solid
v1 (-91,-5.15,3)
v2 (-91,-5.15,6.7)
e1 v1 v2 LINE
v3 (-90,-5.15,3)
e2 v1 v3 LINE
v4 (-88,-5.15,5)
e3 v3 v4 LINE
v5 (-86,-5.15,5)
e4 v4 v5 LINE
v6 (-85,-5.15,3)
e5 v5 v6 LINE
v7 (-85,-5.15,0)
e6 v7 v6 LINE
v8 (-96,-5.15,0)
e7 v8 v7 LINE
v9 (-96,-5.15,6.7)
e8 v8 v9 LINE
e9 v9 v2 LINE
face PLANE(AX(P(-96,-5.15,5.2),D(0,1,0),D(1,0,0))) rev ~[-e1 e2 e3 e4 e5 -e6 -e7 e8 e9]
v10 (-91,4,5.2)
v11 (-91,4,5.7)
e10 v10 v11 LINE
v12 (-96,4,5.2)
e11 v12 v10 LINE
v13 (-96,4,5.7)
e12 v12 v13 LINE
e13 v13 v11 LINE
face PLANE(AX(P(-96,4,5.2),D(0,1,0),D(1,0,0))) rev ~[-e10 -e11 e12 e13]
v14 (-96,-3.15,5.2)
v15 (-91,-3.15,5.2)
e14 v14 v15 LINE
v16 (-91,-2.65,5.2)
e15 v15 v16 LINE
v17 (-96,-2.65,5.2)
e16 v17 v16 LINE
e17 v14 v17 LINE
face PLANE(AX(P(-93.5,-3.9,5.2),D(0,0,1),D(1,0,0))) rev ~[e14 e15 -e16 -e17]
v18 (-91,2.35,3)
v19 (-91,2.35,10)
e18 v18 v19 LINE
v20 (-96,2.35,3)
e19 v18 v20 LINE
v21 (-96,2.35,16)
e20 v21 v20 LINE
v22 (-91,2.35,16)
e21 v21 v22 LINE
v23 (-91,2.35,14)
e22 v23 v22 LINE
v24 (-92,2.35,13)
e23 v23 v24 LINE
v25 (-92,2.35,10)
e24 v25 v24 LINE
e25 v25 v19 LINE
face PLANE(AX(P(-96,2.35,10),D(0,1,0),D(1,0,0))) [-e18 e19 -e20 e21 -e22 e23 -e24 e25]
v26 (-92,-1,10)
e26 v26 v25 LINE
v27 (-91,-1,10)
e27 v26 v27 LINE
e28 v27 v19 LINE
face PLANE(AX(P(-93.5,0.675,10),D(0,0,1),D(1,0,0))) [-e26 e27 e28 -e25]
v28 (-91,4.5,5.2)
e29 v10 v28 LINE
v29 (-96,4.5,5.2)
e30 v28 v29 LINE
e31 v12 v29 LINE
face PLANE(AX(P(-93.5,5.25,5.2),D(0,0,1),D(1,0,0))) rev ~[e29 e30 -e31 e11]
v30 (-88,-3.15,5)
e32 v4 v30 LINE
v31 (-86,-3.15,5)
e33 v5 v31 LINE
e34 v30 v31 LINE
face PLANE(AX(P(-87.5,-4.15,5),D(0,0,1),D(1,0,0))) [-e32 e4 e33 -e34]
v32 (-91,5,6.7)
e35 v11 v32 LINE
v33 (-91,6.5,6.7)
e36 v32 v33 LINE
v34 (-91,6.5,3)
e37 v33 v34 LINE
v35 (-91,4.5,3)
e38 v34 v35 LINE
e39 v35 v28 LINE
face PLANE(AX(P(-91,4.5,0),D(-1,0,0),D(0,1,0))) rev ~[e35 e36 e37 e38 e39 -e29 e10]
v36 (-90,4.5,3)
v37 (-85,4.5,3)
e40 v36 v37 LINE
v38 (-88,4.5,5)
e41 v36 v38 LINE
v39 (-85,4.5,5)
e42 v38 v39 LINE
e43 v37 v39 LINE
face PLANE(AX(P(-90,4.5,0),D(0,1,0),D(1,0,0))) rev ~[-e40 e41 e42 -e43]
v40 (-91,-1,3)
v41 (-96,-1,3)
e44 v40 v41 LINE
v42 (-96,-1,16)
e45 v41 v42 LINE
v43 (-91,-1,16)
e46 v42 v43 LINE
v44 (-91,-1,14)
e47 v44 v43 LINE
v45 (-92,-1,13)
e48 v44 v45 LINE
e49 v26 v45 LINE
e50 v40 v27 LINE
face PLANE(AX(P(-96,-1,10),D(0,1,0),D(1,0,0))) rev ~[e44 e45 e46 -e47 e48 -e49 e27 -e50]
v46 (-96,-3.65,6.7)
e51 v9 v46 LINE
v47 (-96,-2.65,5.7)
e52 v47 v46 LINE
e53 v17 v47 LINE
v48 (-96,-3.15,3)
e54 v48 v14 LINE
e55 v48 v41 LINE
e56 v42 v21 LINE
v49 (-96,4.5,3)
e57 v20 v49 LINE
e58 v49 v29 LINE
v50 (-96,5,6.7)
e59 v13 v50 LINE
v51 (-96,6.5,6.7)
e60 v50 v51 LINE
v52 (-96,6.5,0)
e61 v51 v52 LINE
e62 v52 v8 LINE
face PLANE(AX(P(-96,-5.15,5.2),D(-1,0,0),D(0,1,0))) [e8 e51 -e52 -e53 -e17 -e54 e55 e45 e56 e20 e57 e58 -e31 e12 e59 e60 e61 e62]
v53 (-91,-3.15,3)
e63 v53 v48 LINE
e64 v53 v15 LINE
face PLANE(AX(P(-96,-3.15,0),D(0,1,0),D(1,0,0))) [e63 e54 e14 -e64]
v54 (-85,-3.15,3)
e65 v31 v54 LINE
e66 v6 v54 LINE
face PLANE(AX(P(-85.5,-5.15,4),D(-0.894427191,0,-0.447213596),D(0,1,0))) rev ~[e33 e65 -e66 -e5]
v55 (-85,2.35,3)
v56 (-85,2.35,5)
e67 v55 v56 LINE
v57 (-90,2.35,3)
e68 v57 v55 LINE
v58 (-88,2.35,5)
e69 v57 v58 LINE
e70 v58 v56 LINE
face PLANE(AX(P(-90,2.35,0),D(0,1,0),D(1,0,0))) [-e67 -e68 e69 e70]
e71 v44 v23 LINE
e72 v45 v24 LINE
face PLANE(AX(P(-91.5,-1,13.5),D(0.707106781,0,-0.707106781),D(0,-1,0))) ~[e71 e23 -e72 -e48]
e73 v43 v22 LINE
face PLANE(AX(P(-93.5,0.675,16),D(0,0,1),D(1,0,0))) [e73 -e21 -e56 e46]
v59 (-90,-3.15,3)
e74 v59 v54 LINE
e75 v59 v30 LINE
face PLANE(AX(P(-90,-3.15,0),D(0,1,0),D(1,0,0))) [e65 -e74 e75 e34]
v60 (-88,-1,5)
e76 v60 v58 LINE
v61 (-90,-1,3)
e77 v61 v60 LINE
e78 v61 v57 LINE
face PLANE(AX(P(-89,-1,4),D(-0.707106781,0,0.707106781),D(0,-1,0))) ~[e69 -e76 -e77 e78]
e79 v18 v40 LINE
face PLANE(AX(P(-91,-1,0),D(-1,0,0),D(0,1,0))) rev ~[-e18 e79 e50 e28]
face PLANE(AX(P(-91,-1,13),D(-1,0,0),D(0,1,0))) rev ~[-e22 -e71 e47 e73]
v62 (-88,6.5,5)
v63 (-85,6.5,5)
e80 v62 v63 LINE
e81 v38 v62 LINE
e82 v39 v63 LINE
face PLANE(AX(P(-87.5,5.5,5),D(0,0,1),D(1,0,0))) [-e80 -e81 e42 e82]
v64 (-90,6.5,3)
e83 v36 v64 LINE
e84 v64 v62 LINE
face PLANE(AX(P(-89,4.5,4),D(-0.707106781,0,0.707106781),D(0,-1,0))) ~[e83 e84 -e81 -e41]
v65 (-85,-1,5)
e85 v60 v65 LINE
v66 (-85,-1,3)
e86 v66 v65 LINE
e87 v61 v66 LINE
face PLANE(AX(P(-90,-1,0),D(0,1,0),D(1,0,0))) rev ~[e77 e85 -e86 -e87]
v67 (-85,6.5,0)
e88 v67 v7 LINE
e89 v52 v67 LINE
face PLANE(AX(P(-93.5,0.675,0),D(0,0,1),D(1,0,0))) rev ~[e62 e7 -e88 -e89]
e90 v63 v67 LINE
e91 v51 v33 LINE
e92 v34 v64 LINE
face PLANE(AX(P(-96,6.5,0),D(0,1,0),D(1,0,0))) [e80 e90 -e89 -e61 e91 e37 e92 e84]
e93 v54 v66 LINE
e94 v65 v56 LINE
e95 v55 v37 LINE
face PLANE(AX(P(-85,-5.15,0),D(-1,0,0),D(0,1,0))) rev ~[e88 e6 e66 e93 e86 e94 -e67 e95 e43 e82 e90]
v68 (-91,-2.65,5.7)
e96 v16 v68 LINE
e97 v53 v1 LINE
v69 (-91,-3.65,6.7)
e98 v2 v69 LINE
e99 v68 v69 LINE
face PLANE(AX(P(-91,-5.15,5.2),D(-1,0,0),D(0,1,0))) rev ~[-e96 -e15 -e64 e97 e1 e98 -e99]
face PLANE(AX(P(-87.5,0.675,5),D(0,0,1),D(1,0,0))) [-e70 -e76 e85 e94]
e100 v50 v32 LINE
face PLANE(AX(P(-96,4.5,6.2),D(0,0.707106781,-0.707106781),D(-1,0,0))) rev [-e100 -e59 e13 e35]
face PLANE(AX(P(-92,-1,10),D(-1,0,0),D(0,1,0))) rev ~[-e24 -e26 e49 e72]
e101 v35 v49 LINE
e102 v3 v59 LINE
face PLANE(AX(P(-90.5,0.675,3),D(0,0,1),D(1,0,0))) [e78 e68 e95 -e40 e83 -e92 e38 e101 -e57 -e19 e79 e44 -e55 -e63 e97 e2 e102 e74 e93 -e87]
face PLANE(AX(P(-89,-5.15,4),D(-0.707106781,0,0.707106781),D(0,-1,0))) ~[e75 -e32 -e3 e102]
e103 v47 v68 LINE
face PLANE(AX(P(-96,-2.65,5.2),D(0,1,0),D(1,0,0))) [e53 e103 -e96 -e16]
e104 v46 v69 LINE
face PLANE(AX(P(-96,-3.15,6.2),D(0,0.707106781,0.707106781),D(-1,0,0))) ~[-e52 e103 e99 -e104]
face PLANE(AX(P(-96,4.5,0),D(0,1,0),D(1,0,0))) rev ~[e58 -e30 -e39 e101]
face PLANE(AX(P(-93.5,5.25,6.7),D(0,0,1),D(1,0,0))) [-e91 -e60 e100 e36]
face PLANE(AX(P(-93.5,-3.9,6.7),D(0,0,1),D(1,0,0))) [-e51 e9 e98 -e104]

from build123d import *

# Parameters (mm, degrees)
BOX035_W         = 5
BOX035_H         = 2
BOX035_DEPTH     = 5
CHAMFER008_SIZE  = 2
BOX036_W         = 5
BOX036_H         = 3.35
BOX036_DEPTH     = 5
CHAMFER009_SIZE  = 2
BOX030_W         = 5
BOX030_H         = 2.5
BOX030_DEPTH     = 1.5
CHAMFER006_SIZE  = 1
BOX026_W         = 11
BOX026_H         = 11.65
BOX026_DEPTH     = 3
BOX028_W         = 5
BOX028_H         = 2
BOX028_DEPTH     = 6
BOX033_W         = 5
BOX033_H         = 3.35
BOX033_DEPTH     = 3
CHAMFER005_SIZE  = 1
BOX027_W         = 5
BOX027_H         = 2
BOX027_DEPTH     = 6
BOX025_W         = 5
BOX025_H         = 3.35
BOX025_DEPTH     = 10
BOX032_W         = 4
BOX032_H         = 3.35
BOX032_DEPTH     = 3
BOX031_W         = 5
BOX031_H         = 2.5
BOX031_DEPTH     = 1.5
CHAMFER007_SIZE  = 1
BOX034_W         = 5
BOX034_H         = 2
BOX034_DEPTH     = 5
CHAMFER010_SIZE  = 2
CHAMFER011_SIZE2 = 2
CHAMFER011_SIZE  = 1


with BuildPart() as chamfer008:
    # Box035 → Box035 (new body)
    with BuildSketch(Plane(origin=(-90, 4.5, 0), x_dir=(1, 0, 0), z_dir=(0, 0, 1))):
        with Locations((2.5, 1)):
            Rectangle(BOX035_W, BOX035_H)
    extrude(amount=BOX035_DEPTH)

    # Chamfer008
    chamfer008_edges = [chamfer008.edges().sort_by_distance(p)[0] for p in [
        (-90, 5.5, 5),
    ]]
    chamfer(chamfer008_edges, length=CHAMFER008_SIZE)


with BuildPart() as chamfer009:
    # Box036 → Box036 (new body)
    with BuildSketch(Plane(origin=(-90, -1, 0), x_dir=(1, 0, 0), z_dir=(0, 0, 1))):
        with Locations((2.5, 1.675)):
            Rectangle(BOX036_W, BOX036_H)
    extrude(amount=BOX036_DEPTH)

    # Chamfer009
    chamfer009_edges = [chamfer009.edges().sort_by_distance(p)[0] for p in [
        (-90, 0.675, 5),
    ]]
    chamfer(chamfer009_edges, length=CHAMFER009_SIZE)


with BuildPart() as chamfer006:
    # Box030 → Box030 (new body)
    with BuildSketch(Plane(origin=(-96, 4, 5.2), x_dir=(1, 0, 0), z_dir=(0, 0, 1))):
        with Locations((2.5, 1.25)):
            Rectangle(BOX030_W, BOX030_H)
    extrude(amount=BOX030_DEPTH)

    # Chamfer006
    chamfer006_edges = [chamfer006.edges().sort_by_distance(p)[0] for p in [
        (-93.5, 4, 6.7),
    ]]
    chamfer(chamfer006_edges, length=CHAMFER006_SIZE)


with BuildPart() as cube024:
    # Box026 → Box026 (new body)
    with BuildSketch(Plane(origin=(-96, -5.15, 0), x_dir=(1, 0, 0), z_dir=(0, 0, 1))):
        with Locations((5.5, 5.825)):
            Rectangle(BOX026_W, BOX026_H)
    extrude(amount=BOX026_DEPTH)


with BuildPart() as cube026:
    # Box028 → Box028 (new body)
    with BuildSketch(Plane(origin=(-96, 4.5, 0), x_dir=(1, 0, 0), z_dir=(0, 0, 1))):
        with Locations((2.5, 1)):
            Rectangle(BOX028_W, BOX028_H)
    extrude(amount=BOX028_DEPTH)


with BuildPart() as chamfer005:
    # Box033 → Box033 (new body)
    with BuildSketch(Plane(origin=(-96, 0, 13), x_dir=(1, 0, 0), z_dir=(0, 0, 1))):
        with Locations((2.5, 1.675)):
            Rectangle(BOX033_W, BOX033_H)
    extrude(amount=BOX033_DEPTH)

    # Chamfer005
    chamfer005_edges = [chamfer005.edges().sort_by_distance(p)[0] for p in [
        (-91, 1.675, 13),
    ]]
    chamfer(chamfer005_edges, length=CHAMFER005_SIZE)


with BuildPart() as chamfer005_1:
    # Chamfer005 placement: moved
    add(chamfer005.part.moved(Location((0, -1, 0))))


with BuildPart() as cube025:
    # Box027 → Box027 (new body)
    with BuildSketch(Plane(origin=(-96, -5.15, 0), x_dir=(1, 0, 0), z_dir=(0, 0, 1))):
        with Locations((2.5, 1)):
            Rectangle(BOX027_W, BOX027_H)
    extrude(amount=BOX027_DEPTH)


with BuildPart() as cube023:
    # Box025 → Box025 (new body)
    with BuildSketch(Plane(origin=(-96, -1, 0), x_dir=(1, 0, 0), z_dir=(0, 0, 1))):
        with Locations((2.5, 1.675)):
            Rectangle(BOX025_W, BOX025_H)
    extrude(amount=BOX025_DEPTH)


with BuildPart() as cube030:
    # Box032 → Box032 (new body)
    with BuildSketch(Plane(origin=(-96, -1, 10), x_dir=(1, 0, 0), z_dir=(0, 0, 1))):
        with Locations((2, 1.675)):
            Rectangle(BOX032_W, BOX032_H)
    extrude(amount=BOX032_DEPTH)


with BuildPart() as chamfer007:
    # Box031 → Box031 (new body)
    with BuildSketch(Plane(origin=(-96, -5.15, 5.2), x_dir=(1, 0, 0), z_dir=(0, 0, 1))):
        with Locations((2.5, 1.25)):
            Rectangle(BOX031_W, BOX031_H)
    extrude(amount=BOX031_DEPTH)

    # Chamfer007
    chamfer007_edges = [chamfer007.edges().sort_by_distance(p)[0] for p in [
        (-93.5, -2.65, 6.7),
    ]]
    chamfer(chamfer007_edges, length=CHAMFER007_SIZE)


with BuildPart() as fusion010004008:
    # Box034 → Box034 (new body)
    with BuildSketch(Plane(origin=(-90, -5.15, 0), x_dir=(1, 0, 0), z_dir=(0, 0, 1))):
        with Locations((2.5, 1)):
            Rectangle(BOX034_W, BOX034_H)
    extrude(amount=BOX034_DEPTH)

    # Chamfer010
    chamfer010_edges = [fusion010004008.edges().sort_by_distance(p)[0] for p in [
        (-90, -4.15, 5),
    ]]
    chamfer(chamfer010_edges, length=CHAMFER010_SIZE)

    # Chamfer011
    chamfer011_edges = [fusion010004008.edges().sort_by_distance(p)[0] for p in [
        (-85, -4.15, 5),
    ]]
    chamfer011_side = fusion010004008.faces().sort_by_distance((-86.5, -4.15, 5))[0]
    chamfer(chamfer011_edges, length=CHAMFER011_SIZE, length2=CHAMFER011_SIZE2, reference=chamfer011_side)

    # Fusion010004008: union Chamfer008, Chamfer009, Chamfer006, Cube024, Cube026, Chamfer005, Cube025, Cube023, Cube030, Chamfer007
    add(chamfer008.part)
    add(chamfer009.part)
    add(chamfer006.part)
    add(cube024.part)
    add(cube026.part)
    add(chamfer005_1.part)
    add(cube025.part)
    add(cube023.part)
    add(cube030.part)
    add(chamfer007.part)


solid = fusion010004008.part
